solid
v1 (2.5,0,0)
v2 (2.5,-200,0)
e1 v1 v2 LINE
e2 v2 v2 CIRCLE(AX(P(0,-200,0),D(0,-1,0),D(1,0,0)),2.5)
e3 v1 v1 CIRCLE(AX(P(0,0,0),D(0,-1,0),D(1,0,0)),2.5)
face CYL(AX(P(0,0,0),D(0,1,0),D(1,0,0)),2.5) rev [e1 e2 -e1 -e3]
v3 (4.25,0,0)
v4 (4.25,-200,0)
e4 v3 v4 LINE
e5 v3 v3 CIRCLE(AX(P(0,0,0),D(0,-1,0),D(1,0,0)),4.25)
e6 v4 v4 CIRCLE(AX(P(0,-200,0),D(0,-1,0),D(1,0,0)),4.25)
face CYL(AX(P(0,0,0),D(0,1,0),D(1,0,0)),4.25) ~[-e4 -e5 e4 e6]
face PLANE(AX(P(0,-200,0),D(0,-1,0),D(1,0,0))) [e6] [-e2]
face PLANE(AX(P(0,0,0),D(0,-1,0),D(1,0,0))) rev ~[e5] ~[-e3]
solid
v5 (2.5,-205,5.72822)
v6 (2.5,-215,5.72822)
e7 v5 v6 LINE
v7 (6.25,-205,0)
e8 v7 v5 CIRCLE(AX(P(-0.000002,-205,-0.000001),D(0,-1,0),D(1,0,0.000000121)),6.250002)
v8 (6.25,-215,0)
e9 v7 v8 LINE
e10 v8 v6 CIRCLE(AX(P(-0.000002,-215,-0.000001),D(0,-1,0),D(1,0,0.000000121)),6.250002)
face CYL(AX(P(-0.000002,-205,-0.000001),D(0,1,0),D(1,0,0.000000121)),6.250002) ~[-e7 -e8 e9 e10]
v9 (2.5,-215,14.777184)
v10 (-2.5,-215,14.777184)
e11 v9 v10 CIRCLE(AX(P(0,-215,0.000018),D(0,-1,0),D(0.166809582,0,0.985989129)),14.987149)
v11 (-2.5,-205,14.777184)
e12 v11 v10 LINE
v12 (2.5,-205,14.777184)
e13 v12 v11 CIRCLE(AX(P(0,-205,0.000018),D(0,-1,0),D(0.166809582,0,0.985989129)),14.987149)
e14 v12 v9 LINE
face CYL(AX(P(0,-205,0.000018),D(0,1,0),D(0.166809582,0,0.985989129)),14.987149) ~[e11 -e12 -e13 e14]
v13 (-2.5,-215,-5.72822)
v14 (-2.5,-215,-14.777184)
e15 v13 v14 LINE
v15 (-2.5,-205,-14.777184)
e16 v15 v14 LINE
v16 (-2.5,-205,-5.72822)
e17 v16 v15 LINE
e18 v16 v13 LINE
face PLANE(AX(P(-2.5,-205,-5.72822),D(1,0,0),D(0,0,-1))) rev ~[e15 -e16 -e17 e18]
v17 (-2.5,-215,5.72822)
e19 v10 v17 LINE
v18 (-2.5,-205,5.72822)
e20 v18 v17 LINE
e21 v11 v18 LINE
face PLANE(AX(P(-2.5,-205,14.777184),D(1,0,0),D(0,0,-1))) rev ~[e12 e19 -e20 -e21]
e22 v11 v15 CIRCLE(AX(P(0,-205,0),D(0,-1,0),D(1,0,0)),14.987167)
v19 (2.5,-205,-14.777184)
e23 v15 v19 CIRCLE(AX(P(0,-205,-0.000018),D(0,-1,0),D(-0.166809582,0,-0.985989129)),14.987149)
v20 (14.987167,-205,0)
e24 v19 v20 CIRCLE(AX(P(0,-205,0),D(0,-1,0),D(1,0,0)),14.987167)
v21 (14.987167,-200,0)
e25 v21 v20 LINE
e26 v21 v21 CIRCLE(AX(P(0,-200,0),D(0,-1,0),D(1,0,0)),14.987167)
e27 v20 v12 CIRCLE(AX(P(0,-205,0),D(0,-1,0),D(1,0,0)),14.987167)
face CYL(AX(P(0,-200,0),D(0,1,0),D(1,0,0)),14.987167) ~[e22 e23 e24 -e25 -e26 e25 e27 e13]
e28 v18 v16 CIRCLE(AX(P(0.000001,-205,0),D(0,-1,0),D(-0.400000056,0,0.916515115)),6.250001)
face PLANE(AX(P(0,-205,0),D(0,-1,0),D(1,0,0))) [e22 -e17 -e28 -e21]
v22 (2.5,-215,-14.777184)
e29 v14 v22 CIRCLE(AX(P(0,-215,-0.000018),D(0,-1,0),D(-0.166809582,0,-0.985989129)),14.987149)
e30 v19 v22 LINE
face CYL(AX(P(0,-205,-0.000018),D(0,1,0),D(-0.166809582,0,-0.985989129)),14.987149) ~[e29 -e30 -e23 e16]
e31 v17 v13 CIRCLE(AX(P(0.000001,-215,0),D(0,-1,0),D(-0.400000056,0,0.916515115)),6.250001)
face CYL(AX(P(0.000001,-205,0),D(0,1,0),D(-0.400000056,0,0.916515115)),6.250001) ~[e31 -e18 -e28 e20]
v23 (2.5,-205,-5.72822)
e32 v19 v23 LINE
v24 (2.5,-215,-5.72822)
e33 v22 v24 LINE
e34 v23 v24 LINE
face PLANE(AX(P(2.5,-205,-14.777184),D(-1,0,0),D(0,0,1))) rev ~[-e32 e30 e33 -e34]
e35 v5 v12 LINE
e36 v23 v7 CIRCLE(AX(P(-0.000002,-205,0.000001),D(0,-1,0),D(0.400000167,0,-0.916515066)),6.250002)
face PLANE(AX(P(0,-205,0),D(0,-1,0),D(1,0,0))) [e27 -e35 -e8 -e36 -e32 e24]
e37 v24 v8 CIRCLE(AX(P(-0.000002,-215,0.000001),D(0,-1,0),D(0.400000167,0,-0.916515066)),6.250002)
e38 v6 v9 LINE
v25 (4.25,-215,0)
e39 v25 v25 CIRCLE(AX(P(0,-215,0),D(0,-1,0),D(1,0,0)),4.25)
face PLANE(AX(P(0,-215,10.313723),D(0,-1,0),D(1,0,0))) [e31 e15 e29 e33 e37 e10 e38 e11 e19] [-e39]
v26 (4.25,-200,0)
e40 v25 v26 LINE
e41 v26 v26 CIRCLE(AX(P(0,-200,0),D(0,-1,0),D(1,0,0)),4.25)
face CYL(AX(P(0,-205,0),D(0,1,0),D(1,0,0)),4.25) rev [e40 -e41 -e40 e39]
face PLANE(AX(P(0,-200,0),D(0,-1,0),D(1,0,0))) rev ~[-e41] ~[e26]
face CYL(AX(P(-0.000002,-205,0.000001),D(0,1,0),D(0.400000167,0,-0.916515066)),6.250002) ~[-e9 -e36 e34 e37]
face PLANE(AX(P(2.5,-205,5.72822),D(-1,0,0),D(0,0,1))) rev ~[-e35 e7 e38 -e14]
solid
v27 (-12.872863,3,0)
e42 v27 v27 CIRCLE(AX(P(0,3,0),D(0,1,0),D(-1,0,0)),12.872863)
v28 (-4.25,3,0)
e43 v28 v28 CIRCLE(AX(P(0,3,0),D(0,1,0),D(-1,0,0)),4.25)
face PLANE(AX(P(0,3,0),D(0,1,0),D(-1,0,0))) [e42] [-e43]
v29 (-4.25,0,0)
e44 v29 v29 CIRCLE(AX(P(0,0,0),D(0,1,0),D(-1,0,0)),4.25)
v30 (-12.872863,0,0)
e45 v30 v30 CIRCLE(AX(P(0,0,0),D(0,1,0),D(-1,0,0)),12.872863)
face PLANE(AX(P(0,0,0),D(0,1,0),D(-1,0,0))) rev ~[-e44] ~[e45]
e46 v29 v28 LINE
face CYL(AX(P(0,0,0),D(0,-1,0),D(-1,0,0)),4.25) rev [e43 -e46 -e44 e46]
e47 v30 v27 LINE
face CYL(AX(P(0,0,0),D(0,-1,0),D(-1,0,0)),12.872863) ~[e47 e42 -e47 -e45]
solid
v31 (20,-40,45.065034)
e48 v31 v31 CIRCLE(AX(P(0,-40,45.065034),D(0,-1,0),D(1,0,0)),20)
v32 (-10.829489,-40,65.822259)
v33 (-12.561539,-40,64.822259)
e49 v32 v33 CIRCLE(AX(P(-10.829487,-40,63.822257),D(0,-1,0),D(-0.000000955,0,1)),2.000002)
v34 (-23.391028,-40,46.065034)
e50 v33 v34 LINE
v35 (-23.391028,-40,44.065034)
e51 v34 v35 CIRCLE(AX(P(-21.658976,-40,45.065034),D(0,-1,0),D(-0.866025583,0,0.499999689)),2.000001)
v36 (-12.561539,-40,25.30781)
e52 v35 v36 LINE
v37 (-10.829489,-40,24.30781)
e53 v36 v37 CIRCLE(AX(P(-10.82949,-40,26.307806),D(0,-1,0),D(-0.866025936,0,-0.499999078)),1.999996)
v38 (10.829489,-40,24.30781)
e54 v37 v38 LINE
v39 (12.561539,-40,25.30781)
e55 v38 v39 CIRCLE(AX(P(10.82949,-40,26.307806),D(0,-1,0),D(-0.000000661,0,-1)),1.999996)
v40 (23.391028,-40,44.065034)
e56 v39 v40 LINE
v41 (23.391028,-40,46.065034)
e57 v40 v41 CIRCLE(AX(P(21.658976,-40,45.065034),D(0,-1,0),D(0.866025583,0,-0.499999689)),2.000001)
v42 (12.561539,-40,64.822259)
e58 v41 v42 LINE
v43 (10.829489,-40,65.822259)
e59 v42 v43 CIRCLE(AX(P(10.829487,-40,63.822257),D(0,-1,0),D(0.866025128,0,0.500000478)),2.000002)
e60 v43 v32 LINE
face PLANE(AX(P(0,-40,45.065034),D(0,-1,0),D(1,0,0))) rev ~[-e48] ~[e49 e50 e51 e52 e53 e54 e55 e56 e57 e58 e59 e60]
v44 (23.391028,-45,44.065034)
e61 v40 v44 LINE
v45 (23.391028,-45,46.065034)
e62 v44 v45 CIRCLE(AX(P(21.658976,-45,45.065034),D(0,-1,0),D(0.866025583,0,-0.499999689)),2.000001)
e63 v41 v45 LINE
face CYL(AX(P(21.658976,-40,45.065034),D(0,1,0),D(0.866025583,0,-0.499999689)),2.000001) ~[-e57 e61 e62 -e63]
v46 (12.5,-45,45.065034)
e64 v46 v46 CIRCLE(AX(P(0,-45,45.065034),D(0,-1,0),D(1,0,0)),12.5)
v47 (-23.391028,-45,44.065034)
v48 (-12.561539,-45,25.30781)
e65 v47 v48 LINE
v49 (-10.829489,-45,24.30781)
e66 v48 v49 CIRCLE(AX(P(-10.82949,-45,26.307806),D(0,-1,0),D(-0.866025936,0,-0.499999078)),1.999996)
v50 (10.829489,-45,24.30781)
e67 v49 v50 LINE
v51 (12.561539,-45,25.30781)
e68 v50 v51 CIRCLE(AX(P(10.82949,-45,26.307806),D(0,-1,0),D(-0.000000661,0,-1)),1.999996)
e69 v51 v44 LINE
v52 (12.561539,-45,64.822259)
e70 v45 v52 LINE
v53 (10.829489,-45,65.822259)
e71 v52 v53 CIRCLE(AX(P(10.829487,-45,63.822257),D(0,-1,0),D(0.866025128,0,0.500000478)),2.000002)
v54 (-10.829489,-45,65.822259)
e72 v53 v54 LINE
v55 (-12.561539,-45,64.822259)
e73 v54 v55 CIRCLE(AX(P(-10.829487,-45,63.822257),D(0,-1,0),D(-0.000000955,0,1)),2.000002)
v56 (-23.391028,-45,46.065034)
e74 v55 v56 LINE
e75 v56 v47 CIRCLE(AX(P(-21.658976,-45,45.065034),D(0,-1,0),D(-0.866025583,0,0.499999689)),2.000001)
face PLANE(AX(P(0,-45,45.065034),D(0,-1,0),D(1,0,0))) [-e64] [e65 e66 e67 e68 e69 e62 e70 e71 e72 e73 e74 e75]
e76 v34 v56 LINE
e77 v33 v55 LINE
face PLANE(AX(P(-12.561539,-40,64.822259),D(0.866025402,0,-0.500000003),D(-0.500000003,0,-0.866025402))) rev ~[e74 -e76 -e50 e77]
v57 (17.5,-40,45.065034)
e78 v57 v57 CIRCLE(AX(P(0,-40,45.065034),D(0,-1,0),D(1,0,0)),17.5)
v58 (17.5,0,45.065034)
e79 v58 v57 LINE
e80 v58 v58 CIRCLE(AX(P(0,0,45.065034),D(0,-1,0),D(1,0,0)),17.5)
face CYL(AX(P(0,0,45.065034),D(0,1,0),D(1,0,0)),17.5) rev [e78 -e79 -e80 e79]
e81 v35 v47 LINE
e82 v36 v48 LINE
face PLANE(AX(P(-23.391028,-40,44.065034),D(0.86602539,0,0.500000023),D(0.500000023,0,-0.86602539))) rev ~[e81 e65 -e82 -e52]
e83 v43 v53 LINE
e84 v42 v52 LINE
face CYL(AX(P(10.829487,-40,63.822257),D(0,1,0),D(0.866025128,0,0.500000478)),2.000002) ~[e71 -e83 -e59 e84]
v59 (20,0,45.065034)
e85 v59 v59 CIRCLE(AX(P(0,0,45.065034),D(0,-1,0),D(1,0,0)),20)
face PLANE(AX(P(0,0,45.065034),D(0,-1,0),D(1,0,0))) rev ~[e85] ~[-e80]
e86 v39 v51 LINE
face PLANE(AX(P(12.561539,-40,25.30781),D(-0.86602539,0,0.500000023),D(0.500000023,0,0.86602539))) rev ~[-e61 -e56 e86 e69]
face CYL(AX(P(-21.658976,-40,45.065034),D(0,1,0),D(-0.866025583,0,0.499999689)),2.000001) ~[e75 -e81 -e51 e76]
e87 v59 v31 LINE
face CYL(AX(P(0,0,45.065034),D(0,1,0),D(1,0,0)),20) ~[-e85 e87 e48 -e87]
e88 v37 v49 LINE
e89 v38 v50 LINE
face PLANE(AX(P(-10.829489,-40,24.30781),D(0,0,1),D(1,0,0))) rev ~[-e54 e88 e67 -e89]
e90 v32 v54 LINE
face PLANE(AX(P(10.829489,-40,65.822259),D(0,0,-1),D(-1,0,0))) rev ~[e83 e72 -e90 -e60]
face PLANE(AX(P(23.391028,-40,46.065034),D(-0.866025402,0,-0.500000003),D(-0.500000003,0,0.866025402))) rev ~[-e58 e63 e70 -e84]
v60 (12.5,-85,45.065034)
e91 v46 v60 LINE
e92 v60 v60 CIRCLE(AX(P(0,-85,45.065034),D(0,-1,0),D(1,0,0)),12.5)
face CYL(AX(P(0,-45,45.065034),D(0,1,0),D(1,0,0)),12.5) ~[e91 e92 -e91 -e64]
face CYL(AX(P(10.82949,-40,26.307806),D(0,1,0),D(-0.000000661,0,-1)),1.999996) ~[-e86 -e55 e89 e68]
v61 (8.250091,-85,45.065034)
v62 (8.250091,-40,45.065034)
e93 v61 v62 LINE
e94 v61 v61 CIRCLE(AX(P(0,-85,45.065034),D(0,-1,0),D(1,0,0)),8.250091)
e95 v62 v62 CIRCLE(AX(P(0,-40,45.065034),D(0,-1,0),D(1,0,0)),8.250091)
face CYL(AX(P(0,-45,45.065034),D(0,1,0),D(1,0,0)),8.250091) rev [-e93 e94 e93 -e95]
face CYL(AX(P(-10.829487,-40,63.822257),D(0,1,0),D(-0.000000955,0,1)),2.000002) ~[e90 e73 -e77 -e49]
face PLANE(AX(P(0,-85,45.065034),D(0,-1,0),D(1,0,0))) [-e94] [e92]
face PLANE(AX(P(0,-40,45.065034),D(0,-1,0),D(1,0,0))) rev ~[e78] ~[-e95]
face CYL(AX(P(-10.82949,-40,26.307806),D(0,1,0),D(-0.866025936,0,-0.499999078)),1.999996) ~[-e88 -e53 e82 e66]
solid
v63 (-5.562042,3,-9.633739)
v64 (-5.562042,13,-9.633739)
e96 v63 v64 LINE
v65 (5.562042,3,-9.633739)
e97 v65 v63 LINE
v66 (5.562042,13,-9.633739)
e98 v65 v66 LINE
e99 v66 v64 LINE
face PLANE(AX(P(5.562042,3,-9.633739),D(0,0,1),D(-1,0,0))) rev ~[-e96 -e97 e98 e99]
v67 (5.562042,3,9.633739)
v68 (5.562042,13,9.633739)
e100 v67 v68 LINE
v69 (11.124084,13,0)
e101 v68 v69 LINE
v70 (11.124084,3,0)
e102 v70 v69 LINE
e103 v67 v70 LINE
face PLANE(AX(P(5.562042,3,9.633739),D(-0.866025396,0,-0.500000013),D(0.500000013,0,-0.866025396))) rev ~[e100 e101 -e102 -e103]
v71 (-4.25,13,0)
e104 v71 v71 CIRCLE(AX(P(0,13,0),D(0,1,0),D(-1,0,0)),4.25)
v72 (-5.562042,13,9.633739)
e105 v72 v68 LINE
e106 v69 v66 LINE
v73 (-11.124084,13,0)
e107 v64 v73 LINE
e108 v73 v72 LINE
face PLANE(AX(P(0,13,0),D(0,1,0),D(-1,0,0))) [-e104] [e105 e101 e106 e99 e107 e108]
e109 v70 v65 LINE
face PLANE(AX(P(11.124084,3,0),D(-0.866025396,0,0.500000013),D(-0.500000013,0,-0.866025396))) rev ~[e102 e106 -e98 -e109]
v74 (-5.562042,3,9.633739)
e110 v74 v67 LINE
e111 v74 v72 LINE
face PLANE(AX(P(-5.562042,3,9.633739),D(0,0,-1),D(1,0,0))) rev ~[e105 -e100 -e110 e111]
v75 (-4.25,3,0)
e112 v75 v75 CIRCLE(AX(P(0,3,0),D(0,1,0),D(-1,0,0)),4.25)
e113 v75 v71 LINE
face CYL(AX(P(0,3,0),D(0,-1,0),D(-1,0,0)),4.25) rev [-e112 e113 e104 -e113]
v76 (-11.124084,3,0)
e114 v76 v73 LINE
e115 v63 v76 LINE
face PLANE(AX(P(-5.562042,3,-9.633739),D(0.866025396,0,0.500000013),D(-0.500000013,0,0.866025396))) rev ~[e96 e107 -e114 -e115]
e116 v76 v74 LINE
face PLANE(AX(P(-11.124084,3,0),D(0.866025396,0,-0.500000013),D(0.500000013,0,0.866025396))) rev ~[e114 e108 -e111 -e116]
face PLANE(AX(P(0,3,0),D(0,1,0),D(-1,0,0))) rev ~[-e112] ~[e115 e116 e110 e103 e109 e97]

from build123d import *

# Parameters (mm, degrees)
F0_R      = 4.25
F0_R_2    = 2.5
F1_DEPTH  = 200
F2_R      = 14.987167
F2_R_2    = 4.25
F3_DEPTH  = 5
F4_R      = 4.25
F5_DEPTH  = 10
F6_R      = 20
F6_R_2    = 17.5
F7_DEPTH  = 40
F8_R      = 8.250091
F9_DEPTH  = 5
F10_R     = 12.5
F10_R_2   = 8.250091
F11_DEPTH = 40
F12_R     = 12.872863
F12_R_2   = 4.25
F13_DEPTH = 3
F14_R     = 4.25
F15_DEPTH = 10


with BuildPart() as f1:
    # F0 (on Front) → F1 (new body)
    with BuildSketch(Plane.XZ):
        Circle(F0_R)
        Circle(F0_R_2, mode=Mode.SUBTRACT)
    extrude(amount=F1_DEPTH)


with BuildPart() as f3:
    # F2 (on face) → F3 (new body)
    with BuildSketch(Plane.XZ.offset(200)):
        Circle(F2_R)
        Circle(F2_R_2, mode=Mode.SUBTRACT)
    extrude(amount=F3_DEPTH)

    # F4 (on face) → F5 (join)
    with BuildSketch(Plane.XZ.offset(205)):
        with BuildLine():
            Line((2.5, 5.72822), (2.5, 14.777184))
            ThreePointArc((2.5, 14.777184), (0, 14.987167), (-2.5, 14.777184))
            Line((-2.5, 14.777184), (-2.5, 5.72822))
            ThreePointArc((-2.5, 5.72822), (0, 6.25), (2.5, 5.72822))
        make_face()
        with BuildLine():
            ThreePointArc((-2.5, -14.777184), (0, -14.987167), (2.5, -14.777184))
            Line((2.5, -14.777184), (2.5, -5.72822))
            ThreePointArc((2.5, -5.72822), (0, -6.25), (-2.5, -5.72822))
            Line((-2.5, -5.72822), (-2.5, -14.777184))
        make_face()
        with BuildLine():
            ThreePointArc((6.25, 0), (5.229125, 3.423266), (2.5, 5.72822))
            ThreePointArc((2.5, 5.72822), (0, 6.25), (-2.5, 5.72822))
            ThreePointArc((-2.5, 5.72822), (-6.25, 0), (-2.5, -5.72822))
            ThreePointArc((-2.5, -5.72822), (0, -6.25), (2.5, -5.72822))
            ThreePointArc((2.5, -5.72822), (5.229125, -3.423266), (6.25, 0))
        make_face()
        Circle(F4_R, mode=Mode.SUBTRACT)
    extrude(amount=F5_DEPTH)


with BuildPart() as f7:
    # F6 (on Front) → F7 (new body)
    with BuildSketch(Plane.XZ):
        with Locations((0, 45.065034)):
            Circle(F6_R)
        with Locations((0, 45.065034)):
            Circle(F6_R_2, mode=Mode.SUBTRACT)
    extrude(amount=F7_DEPTH)

    # F8 (on face) → F9 (join)
    with BuildSketch(Plane.XZ.offset(40)):
        with BuildLine():
            Line((10.829489, 65.822259), (-10.829489, 65.822259))
            ThreePointArc((-10.829489, 65.822259), (-11.829489, 65.554309), (-12.561539, 64.822259))
            Line((-12.561539, 64.822259), (-23.391028, 46.065034))
            ThreePointArc((-23.391028, 46.065034), (-23.658977, 45.065034), (-23.391028, 44.065034))
            Line((-23.391028, 44.065034), (-12.561539, 25.30781))
            ThreePointArc((-12.561539, 25.30781), (-11.829489, 24.575759), (-10.829489, 24.30781))
            Line((-10.829489, 24.30781), (10.829489, 24.30781))
            ThreePointArc((10.829489, 24.30781), (11.829489, 24.575759), (12.561539, 25.30781))
            Line((12.561539, 25.30781), (23.391028, 44.065034))
            ThreePointArc((23.391028, 44.065034), (23.658977, 45.065034), (23.391028, 46.065034))
            Line((23.391028, 46.065034), (12.561539, 64.822259))
            ThreePointArc((12.561539, 64.822259), (11.829489, 65.554309), (10.829489, 65.822259))
        make_face()
        with Locations((0, 45.065034)):
            Circle(F8_R, mode=Mode.SUBTRACT)
    extrude(amount=F9_DEPTH)

    # F10 (on face) → F11 (join)
    with BuildSketch(Plane.XZ.offset(45)):
        with Locations((0, 45.065034)):
            Circle(F10_R)
        with Locations((0, 45.065034)):
            Circle(F10_R_2, mode=Mode.SUBTRACT)
    extrude(amount=F11_DEPTH)


with BuildPart() as f13:
    # F12 (on face) → F13 (new body)
    with BuildSketch(Plane(origin=(0, 0, 0), x_dir=(-1, 0, 0), z_dir=(0, 1, 0))):
        Circle(F12_R)
        Circle(F12_R_2, mode=Mode.SUBTRACT)
    extrude(amount=F13_DEPTH)


with BuildPart() as f15:
    # F14 (on face) → F15 (new body)
    with BuildSketch(Plane(origin=(0, 3, 0), x_dir=(-1, 0, 0), z_dir=(0, 1, 0))):
        Polygon((5.562042, 9.633739), (-5.562042, 9.633739), (-11.124084, 0), (-5.562042, -9.633739), (5.562042, -9.633739), (11.124084, 0), align=None)
        Circle(F14_R, mode=Mode.SUBTRACT)
    extrude(amount=F15_DEPTH)


solid = Compound([f1.part, f3.part, f7.part, f13.part, f15.part])
